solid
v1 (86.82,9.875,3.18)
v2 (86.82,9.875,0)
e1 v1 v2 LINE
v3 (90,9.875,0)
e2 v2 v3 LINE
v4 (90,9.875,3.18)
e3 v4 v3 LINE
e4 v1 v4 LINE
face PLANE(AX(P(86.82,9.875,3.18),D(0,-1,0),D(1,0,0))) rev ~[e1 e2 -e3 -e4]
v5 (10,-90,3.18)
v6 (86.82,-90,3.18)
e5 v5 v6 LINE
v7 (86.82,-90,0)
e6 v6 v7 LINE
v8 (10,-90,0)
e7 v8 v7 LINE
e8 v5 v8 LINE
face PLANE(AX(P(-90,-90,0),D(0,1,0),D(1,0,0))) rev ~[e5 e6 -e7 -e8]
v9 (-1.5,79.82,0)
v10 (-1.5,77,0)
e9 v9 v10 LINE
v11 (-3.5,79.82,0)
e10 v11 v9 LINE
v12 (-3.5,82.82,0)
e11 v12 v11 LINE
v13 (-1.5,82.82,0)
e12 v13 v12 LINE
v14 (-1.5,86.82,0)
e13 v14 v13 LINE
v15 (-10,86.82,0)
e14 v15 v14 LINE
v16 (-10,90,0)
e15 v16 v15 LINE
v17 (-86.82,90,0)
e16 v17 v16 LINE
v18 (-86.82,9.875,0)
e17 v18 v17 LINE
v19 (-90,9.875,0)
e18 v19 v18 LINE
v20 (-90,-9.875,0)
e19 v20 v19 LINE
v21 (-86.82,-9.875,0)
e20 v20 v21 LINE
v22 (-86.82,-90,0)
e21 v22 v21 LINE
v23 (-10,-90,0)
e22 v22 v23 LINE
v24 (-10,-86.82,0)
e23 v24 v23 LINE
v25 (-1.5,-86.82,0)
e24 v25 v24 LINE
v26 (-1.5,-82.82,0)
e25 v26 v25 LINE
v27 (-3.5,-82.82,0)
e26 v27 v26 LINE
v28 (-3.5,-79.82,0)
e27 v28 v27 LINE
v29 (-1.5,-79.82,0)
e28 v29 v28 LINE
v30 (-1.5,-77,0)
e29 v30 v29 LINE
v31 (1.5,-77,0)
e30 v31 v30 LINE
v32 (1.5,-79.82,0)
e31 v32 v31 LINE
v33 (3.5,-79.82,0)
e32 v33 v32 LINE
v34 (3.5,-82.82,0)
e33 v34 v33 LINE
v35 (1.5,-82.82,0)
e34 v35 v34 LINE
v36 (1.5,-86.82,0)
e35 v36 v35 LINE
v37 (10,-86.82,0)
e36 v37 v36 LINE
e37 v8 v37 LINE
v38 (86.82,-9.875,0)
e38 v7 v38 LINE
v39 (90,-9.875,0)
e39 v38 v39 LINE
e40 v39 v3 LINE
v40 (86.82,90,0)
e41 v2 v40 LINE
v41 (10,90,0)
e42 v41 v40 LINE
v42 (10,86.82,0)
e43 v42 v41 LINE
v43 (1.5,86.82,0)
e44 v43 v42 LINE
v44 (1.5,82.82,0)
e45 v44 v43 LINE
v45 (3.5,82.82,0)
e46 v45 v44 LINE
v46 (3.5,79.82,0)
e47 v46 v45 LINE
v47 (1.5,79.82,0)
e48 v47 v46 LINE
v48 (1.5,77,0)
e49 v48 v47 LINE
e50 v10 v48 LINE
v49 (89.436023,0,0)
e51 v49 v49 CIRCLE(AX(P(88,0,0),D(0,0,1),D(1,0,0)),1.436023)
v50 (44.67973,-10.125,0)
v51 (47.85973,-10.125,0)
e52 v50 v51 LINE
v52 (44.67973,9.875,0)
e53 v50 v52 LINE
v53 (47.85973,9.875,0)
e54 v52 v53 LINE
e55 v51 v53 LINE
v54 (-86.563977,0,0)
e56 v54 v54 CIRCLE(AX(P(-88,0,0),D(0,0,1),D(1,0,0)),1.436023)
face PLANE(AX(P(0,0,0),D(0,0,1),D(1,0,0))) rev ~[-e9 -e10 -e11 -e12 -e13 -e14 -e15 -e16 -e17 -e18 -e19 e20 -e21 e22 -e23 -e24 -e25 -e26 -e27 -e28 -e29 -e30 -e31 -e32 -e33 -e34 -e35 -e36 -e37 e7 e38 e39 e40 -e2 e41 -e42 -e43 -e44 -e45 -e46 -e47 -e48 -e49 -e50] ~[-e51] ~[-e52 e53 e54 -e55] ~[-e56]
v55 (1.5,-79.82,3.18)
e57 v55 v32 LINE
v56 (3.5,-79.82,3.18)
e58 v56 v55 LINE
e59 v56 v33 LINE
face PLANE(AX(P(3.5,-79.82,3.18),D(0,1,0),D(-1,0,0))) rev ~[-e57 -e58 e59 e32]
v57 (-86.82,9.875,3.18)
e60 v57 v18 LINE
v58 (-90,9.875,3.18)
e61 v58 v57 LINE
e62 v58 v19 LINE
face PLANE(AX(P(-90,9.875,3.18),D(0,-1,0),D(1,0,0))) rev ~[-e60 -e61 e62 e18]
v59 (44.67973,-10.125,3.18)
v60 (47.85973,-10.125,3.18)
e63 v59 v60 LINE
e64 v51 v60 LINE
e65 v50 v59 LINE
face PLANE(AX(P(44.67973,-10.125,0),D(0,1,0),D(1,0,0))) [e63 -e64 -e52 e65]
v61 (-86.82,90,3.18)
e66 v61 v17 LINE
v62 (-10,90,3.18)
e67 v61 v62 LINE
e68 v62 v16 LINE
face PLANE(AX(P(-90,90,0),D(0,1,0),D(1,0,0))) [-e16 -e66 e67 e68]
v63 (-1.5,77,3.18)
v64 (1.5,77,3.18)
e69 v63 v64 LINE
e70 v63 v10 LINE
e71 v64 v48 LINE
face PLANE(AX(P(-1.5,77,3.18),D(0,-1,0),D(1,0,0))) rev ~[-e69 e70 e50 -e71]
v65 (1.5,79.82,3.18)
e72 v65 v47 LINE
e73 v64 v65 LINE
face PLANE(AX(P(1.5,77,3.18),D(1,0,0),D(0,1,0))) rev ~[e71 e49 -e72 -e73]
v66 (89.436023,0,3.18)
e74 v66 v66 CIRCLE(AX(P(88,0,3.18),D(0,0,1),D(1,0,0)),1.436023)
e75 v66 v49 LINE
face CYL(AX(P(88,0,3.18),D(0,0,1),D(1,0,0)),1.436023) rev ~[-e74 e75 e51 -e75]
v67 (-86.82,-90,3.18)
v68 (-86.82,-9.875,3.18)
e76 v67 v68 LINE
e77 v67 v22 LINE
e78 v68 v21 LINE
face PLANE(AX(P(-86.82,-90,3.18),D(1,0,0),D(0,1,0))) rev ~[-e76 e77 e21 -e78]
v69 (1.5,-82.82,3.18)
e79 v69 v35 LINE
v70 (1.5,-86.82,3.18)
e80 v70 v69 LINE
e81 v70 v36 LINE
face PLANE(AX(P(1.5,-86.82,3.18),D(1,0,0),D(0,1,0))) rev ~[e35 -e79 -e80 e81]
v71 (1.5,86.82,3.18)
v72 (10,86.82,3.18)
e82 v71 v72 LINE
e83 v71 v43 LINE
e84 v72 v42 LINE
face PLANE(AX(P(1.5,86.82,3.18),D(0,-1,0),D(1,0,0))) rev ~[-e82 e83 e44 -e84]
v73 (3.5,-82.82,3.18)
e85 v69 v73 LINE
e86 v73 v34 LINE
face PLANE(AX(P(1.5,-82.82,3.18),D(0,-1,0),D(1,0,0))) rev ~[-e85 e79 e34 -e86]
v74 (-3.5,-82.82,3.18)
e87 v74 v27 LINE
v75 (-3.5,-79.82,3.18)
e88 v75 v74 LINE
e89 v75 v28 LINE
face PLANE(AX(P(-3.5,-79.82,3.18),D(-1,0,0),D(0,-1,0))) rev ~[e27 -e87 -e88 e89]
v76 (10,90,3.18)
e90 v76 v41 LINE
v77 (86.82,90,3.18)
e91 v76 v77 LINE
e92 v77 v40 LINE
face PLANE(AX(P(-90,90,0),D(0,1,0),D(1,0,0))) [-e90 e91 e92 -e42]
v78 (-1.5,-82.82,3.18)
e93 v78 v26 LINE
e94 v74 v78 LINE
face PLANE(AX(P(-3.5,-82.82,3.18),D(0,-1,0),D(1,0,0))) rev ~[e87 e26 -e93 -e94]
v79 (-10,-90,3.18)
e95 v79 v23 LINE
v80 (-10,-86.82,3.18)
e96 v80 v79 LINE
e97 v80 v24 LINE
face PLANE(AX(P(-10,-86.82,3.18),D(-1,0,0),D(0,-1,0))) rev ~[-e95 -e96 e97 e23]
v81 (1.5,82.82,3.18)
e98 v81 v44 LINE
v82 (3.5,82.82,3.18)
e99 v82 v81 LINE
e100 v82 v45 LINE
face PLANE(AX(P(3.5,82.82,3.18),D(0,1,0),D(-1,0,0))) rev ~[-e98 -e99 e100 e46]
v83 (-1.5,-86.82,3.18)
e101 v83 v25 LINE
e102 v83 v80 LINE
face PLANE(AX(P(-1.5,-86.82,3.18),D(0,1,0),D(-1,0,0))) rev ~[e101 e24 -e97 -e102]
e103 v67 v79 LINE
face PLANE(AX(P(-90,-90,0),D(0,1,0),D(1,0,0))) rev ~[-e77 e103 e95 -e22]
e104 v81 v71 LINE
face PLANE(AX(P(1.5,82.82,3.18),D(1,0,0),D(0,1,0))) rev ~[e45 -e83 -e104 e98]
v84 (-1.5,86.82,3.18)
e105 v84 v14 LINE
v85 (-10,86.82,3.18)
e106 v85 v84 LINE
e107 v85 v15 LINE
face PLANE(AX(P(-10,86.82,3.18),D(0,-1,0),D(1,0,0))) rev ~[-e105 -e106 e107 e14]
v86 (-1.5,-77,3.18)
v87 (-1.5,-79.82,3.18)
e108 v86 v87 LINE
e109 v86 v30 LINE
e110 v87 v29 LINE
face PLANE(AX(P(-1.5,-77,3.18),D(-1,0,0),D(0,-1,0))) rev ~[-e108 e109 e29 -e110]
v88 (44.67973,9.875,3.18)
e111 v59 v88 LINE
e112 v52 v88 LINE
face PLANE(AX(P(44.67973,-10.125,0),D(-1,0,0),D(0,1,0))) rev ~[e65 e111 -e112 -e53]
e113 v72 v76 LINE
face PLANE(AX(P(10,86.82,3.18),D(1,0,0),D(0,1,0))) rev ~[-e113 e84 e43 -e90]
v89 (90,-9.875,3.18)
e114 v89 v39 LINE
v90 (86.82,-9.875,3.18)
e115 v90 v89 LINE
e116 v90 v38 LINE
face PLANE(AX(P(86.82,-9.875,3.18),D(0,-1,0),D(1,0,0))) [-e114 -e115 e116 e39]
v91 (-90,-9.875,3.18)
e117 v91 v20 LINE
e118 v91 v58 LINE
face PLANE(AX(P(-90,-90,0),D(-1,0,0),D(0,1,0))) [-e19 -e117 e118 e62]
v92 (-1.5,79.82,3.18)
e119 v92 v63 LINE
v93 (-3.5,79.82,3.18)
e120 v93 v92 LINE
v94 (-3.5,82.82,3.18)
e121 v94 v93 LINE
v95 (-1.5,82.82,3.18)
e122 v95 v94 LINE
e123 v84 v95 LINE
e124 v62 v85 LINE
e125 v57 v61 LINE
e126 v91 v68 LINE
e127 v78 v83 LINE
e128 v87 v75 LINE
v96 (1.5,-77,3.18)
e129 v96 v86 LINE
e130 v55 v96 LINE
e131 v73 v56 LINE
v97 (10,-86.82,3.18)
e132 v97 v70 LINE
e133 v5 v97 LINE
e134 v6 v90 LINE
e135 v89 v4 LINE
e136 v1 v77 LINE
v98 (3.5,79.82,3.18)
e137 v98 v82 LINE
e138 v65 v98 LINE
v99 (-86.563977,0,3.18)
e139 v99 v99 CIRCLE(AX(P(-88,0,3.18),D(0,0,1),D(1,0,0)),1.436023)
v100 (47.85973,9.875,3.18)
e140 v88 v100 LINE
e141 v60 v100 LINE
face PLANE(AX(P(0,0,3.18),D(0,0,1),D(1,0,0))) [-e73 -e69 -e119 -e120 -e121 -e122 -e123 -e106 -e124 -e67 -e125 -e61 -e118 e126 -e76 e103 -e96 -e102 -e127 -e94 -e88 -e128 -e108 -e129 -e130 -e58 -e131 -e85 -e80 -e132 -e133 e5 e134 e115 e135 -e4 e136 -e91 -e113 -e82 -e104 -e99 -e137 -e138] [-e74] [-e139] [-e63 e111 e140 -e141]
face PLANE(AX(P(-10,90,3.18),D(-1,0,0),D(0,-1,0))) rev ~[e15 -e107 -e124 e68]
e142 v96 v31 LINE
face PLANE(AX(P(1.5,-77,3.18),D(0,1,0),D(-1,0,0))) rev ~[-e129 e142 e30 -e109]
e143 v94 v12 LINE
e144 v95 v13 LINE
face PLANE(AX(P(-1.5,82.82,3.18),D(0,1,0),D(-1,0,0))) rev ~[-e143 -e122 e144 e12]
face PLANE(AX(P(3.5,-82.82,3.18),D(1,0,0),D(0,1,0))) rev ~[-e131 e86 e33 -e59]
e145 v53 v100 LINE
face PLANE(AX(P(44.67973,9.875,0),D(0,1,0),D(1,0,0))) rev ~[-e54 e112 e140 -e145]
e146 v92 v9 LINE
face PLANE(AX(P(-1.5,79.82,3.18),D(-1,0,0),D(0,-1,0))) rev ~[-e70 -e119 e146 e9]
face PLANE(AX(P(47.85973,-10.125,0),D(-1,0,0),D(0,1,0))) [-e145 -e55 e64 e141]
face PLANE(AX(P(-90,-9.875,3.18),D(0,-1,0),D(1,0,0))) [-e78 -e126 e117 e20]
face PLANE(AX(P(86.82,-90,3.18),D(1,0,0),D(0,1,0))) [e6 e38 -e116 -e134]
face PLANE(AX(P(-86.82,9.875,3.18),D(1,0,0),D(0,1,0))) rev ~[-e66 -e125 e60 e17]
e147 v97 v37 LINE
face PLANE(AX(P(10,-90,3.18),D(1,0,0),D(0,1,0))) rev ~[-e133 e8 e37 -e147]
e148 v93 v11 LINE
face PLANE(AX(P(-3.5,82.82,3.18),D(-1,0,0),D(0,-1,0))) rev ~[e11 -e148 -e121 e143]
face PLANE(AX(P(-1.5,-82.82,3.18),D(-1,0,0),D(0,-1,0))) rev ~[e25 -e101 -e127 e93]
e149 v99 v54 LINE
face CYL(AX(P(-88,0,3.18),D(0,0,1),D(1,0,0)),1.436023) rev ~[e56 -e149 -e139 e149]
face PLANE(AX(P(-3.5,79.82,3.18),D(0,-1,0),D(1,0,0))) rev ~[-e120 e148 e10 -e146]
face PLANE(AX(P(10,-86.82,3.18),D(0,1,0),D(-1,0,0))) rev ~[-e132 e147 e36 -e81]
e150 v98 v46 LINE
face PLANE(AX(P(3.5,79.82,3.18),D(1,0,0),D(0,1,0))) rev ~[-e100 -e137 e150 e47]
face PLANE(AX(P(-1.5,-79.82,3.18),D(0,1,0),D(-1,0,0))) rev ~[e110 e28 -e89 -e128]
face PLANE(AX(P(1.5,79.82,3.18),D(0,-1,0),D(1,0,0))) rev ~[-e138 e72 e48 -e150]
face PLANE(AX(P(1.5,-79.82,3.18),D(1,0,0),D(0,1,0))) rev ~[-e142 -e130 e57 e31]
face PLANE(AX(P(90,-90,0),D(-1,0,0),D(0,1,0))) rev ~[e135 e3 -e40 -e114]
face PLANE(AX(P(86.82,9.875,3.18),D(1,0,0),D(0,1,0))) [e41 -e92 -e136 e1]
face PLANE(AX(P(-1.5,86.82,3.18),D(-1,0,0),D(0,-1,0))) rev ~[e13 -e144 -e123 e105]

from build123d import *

# Parameters (mm, degrees)
SKETCH3_W           = 180
SKETCH3_H           = 180
SKETCH3_W_2         = 3.18
SKETCH3_H_2         = 20
BOSS_EXTRUDE1_DEPTH = 3.18
CUT_EXTRUDE1_DEPTH  = 128.318939675
SKETCH5_R           = 1.436023081
SKETCH5_W           = 3.18
SKETCH5_H           = 80.125
CUT_EXTRUDE2_DEPTH  = 128.318939675


with BuildPart() as part:
    # Sketch3 → Boss-Extrude1 (new body)
    with BuildSketch(Plane.XY):
        Rectangle(SKETCH3_W, SKETCH3_H)
        with Locations((46.269729843, -0.125)):
            Rectangle(SKETCH3_W_2, SKETCH3_H_2, mode=Mode.SUBTRACT)
    extrude(amount=BOSS_EXTRUDE1_DEPTH)

    # Sketch4 → Cut-Extrude1 (cut, through all)
    with BuildSketch(Plane.XY.offset(3.18)):
        Polygon((1.5, 86.82), (10, 86.82), (10, 90), (-10, 90), (-10, 86.82), (-1.5, 86.82), (-1.5, 82.82), (-3.5, 82.82), (-3.5, 79.82), (-1.5, 79.82), (-1.5, 77), (1.5, 77), (1.5, 79.82), (3.5, 79.82), (3.5, 82.82), (1.5, 82.82), align=None)
        Polygon((1.5, -79.82), (1.5, -77), (-1.5, -77), (-1.5, -79.82), (-3.5, -79.82), (-3.5, -82.82), (-1.5, -82.82), (-1.5, -86.82), (-10, -86.82), (-10, -90), (10, -90), (10, -86.82), (1.5, -86.82), (1.5, -82.82), (3.5, -82.82), (3.5, -79.82), align=None)
    extrude(amount=-CUT_EXTRUDE1_DEPTH, mode=Mode.SUBTRACT)

    # Sketch5 → Cut-Extrude2 (cut, through all)
    with BuildSketch(Plane.XY.offset(3.18)):
        with Locations((-88, 0)):
            Circle(SKETCH5_R)
        with Locations((88, 0)):
            Circle(SKETCH5_R)
        with Locations((-88.41, 49.9375)):
            Rectangle(SKETCH5_W, SKETCH5_H)
        with Locations((-88.41, -49.9375)):
            Rectangle(SKETCH5_W, SKETCH5_H)
        with Locations((88.41, -49.9375)):
            Rectangle(SKETCH5_W, SKETCH5_H)
        with Locations((88.41, 49.9375)):
            Rectangle(SKETCH5_W, SKETCH5_H)
    extrude(amount=-CUT_EXTRUDE2_DEPTH, mode=Mode.SUBTRACT)


solid = part.part
